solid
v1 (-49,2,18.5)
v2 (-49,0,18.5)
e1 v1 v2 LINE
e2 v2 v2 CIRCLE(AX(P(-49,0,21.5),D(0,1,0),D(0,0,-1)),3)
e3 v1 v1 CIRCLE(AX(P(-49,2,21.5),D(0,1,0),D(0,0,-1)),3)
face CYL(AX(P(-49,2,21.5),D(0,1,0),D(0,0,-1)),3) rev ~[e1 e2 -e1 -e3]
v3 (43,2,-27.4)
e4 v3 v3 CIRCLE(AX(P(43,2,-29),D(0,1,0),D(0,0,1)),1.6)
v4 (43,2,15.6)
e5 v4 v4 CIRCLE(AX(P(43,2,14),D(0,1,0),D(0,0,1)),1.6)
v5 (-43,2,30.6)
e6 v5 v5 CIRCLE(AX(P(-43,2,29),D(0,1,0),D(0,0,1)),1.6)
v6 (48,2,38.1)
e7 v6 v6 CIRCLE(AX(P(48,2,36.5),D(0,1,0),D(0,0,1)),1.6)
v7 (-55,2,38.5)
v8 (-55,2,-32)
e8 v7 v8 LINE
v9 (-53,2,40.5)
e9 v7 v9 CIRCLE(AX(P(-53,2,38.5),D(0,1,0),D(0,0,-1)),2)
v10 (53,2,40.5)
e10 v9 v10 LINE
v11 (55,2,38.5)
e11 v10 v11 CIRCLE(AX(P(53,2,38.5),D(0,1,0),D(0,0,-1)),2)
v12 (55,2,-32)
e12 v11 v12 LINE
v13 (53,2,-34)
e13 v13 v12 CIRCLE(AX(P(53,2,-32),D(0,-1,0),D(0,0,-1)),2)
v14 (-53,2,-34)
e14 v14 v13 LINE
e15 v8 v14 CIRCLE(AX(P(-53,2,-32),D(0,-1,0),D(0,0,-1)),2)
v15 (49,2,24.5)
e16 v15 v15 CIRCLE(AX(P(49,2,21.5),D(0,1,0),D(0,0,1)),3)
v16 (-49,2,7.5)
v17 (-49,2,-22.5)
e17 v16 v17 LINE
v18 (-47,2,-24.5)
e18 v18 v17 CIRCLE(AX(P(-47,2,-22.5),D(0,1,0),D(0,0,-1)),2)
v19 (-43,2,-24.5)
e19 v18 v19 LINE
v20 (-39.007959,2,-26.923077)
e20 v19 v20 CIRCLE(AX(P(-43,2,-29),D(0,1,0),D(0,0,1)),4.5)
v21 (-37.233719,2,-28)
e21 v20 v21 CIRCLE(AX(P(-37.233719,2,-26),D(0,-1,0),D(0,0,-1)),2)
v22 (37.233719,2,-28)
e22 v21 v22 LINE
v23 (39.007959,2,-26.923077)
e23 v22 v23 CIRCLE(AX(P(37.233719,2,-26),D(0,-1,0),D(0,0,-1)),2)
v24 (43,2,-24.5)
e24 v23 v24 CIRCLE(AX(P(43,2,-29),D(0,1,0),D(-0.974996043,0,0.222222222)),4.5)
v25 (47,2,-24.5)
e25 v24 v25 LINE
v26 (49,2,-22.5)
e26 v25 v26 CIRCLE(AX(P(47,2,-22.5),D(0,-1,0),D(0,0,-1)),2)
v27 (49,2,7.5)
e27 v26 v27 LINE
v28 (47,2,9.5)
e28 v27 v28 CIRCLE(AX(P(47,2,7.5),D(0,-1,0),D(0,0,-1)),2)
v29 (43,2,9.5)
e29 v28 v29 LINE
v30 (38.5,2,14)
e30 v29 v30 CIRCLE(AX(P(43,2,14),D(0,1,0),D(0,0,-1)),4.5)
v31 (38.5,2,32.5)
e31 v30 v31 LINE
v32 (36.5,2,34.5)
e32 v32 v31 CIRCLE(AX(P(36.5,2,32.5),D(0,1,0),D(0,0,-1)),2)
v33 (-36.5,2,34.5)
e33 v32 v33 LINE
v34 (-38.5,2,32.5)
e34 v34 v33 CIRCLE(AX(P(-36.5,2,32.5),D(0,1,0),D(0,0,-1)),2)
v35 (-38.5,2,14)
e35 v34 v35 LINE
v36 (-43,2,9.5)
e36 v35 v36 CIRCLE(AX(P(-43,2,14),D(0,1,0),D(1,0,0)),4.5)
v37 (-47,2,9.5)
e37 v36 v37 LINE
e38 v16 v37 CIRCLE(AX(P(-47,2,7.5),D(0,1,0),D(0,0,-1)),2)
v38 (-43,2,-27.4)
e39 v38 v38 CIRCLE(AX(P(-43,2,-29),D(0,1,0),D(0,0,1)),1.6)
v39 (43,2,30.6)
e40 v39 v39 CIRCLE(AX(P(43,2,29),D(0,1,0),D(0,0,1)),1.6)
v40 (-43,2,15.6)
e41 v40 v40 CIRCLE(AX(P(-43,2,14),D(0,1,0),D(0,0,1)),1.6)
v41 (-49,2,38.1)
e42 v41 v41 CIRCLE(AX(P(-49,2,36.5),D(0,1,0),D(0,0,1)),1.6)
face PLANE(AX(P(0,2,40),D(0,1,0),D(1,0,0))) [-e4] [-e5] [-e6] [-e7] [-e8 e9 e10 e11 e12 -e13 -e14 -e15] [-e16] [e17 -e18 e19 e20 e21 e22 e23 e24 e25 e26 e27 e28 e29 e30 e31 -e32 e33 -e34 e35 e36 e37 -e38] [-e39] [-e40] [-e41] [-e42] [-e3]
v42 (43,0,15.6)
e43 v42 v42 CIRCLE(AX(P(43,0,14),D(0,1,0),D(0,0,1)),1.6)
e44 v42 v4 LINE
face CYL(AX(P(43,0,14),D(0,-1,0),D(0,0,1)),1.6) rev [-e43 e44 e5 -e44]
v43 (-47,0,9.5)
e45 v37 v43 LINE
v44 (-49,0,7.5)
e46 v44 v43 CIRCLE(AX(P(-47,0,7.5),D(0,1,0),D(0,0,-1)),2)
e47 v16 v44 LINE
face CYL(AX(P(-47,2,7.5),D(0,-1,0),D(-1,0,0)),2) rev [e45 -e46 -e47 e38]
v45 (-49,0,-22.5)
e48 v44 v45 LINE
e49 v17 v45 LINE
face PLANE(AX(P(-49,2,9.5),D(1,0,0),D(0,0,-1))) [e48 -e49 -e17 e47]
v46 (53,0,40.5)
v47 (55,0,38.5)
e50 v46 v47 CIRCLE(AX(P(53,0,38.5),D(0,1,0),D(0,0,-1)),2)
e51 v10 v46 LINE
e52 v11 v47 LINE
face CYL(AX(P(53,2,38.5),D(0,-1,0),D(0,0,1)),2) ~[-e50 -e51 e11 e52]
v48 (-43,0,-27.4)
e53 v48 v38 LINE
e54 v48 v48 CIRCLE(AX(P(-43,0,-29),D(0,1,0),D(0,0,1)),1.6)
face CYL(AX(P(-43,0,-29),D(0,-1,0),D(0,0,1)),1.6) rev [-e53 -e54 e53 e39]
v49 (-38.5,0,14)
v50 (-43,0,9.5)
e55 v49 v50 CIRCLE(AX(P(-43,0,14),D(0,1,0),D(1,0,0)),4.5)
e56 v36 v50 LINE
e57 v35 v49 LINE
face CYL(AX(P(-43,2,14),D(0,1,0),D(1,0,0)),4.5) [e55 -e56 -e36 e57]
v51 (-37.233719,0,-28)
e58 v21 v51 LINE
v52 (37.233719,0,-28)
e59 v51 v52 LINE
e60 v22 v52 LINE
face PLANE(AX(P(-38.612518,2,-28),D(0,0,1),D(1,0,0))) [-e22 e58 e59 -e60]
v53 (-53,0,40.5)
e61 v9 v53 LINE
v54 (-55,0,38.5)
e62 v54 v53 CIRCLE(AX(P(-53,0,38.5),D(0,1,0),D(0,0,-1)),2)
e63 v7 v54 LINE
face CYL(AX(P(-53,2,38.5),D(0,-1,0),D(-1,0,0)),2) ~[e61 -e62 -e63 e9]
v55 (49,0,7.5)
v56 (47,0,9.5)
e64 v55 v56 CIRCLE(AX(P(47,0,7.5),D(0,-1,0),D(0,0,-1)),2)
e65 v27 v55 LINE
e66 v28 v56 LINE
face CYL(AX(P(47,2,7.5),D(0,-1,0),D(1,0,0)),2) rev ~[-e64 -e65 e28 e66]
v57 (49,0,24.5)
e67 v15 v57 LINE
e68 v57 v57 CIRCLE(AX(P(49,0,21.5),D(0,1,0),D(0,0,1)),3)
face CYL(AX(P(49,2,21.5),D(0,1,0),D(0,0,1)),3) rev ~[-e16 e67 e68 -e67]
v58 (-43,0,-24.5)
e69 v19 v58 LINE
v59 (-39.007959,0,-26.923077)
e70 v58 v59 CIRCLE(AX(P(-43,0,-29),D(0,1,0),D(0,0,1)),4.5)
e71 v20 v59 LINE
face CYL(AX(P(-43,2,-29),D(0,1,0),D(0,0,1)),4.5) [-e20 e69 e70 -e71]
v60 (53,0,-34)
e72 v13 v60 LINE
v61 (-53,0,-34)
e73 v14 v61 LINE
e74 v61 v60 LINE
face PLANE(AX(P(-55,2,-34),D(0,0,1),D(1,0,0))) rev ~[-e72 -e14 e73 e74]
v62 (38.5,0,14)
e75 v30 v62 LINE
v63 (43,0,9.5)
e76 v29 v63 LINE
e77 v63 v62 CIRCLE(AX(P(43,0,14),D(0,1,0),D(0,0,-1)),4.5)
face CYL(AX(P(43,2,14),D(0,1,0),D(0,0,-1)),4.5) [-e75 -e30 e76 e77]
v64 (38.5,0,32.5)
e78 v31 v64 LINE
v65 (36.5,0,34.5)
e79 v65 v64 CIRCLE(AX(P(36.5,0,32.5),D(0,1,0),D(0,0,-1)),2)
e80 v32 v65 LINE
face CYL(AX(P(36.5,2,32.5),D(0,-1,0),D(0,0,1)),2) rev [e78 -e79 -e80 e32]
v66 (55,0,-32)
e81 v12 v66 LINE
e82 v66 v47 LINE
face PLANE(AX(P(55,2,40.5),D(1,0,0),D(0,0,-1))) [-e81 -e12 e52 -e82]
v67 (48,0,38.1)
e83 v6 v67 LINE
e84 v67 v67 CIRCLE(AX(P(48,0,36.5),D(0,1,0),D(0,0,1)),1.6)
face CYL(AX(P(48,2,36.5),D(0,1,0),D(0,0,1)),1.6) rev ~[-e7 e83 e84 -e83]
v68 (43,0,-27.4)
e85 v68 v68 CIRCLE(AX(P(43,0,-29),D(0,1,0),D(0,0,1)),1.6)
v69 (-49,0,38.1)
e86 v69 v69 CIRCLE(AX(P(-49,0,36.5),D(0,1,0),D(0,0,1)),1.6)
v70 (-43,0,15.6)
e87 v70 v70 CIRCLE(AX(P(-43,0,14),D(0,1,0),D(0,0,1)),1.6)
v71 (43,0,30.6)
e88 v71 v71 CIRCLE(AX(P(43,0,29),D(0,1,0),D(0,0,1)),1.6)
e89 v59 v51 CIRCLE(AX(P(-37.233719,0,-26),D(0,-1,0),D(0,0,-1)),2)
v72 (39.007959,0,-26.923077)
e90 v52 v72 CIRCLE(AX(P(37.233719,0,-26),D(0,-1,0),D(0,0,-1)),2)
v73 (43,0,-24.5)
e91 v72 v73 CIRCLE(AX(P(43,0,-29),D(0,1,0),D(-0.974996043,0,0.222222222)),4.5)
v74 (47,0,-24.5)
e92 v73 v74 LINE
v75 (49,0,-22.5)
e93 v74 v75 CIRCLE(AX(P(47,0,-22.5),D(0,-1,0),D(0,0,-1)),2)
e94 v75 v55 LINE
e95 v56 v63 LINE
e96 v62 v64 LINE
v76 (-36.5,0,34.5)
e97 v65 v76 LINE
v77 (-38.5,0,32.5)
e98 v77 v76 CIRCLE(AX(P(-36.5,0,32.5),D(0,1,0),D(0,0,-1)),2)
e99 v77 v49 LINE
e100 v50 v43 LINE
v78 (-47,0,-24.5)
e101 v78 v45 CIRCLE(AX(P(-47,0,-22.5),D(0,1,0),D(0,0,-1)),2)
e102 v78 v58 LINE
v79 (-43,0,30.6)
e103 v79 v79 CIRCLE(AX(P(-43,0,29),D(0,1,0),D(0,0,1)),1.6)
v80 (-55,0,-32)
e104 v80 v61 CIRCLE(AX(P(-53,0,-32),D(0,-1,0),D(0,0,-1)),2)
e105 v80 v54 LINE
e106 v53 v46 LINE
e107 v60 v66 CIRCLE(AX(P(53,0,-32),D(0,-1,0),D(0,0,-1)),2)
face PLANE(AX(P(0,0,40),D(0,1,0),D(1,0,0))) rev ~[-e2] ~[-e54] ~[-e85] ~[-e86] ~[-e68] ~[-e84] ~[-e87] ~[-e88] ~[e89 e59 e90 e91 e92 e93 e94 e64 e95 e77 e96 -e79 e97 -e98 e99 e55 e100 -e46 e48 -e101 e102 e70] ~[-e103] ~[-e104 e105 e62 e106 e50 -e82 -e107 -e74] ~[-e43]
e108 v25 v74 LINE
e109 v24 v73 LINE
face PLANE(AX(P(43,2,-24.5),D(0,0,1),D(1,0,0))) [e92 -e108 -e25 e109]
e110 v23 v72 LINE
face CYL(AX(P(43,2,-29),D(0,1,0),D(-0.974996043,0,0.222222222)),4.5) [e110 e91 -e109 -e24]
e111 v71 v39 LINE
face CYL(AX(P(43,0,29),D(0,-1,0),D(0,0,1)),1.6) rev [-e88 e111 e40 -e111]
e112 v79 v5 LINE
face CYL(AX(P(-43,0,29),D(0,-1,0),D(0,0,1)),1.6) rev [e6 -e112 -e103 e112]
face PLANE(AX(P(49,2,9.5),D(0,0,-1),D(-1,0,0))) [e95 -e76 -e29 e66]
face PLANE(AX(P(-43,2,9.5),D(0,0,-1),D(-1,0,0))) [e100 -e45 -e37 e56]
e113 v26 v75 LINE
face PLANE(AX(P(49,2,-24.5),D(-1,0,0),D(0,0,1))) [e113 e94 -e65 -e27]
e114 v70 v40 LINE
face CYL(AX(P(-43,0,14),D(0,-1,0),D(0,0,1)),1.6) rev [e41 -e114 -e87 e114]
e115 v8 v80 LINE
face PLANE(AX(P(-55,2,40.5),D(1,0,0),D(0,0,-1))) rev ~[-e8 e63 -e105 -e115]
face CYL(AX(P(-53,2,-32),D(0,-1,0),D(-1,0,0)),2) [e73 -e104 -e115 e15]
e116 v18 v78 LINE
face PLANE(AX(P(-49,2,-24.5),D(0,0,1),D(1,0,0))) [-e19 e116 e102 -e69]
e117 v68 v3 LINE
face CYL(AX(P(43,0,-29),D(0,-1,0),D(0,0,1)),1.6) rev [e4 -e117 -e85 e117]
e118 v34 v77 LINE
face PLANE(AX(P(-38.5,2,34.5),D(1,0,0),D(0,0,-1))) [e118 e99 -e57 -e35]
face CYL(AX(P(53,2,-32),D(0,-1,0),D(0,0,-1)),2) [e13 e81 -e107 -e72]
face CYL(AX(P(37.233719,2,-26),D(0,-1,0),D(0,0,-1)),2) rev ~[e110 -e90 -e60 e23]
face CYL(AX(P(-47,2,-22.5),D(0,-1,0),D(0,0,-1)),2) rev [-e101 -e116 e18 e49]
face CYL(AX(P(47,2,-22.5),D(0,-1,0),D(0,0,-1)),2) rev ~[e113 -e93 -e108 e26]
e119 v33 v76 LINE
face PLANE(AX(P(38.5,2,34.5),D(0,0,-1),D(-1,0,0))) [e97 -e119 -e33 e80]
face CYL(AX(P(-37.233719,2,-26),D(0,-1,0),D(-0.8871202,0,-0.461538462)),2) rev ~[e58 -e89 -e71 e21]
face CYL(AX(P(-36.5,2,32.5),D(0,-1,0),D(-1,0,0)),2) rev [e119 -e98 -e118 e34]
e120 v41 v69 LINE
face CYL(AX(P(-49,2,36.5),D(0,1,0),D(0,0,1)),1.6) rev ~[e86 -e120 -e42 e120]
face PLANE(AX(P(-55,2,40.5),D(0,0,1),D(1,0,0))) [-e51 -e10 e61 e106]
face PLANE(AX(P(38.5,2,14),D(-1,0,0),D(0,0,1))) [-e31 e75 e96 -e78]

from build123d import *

# Parameters (mm, degrees)
SKETCH_1_W          = 110
SKETCH_1_H          = 79
SKETCH_1_R          = 1.6
EXTRUDE_1_DEPTH     = 2
SKETCH_3_W          = 110
SKETCH_3_H          = 1
EXTRUDE_2_DEPTH     = 2
SKETCH_4_R          = 1.6
CUT_EXTRUDE_2_DEPTH = 2
SKETCH_6_W          = 110
SKETCH_6_H          = 5.5
CUT_EXTRUDE_4_DEPTH = 2
SKETCH_7_R          = 3
CUT_EXTRUDE_5_DEPTH = 2
FILLET_2_R          = 2


with BuildPart() as part:
    # 草图1 → 凸台-拉伸1 (new body)
    with BuildSketch(Plane(origin=(0, 0, 0), x_dir=(1, 0, 0), z_dir=(0, 1, 0))):
        Rectangle(SKETCH_1_W, SKETCH_1_H)
        with Locations(Location((43, -29, 0), (0, 0, 270))):
            Circle(SKETCH_1_R, mode=Mode.SUBTRACT)
        with Locations(Location((-43, -29, 0), (0, 0, 270))):
            Circle(SKETCH_1_R, mode=Mode.SUBTRACT)
        with Locations(Location((-43, 29, 0), (0, 0, 270))):
            Circle(SKETCH_1_R, mode=Mode.SUBTRACT)
        with Locations(Location((43, 29, 0), (0, 0, 270))):
            Circle(SKETCH_1_R, mode=Mode.SUBTRACT)
        with Locations(Location((43, -14, 0), (0, 0, 270))):
            Circle(SKETCH_1_R, mode=Mode.SUBTRACT)
        with Locations(Location((-43, -14, 0), (0, 0, 270))):
            Circle(SKETCH_1_R, mode=Mode.SUBTRACT)
    extrude(amount=EXTRUDE_1_DEPTH)

    # 草图3 → 凸台-拉伸2 (add)
    with BuildSketch(Plane(origin=(0, 2, 0), x_dir=(1, 0, 0), z_dir=(0, 1, 0))):
        with Locations((0, -40)):
            Rectangle(SKETCH_3_W, SKETCH_3_H)
    extrude(amount=-EXTRUDE_2_DEPTH)

    # 草图4 → 切除-拉伸2 (cut)
    with BuildSketch(Plane(origin=(0, 2, 0), x_dir=(1, 0, 0), z_dir=(0, 1, 0))):
        with Locations(Location((48, -36.5, 0), (0, 0, 270))):
            Circle(SKETCH_4_R)
        with Locations(Location((-49, -36.5, 0), (0, 0, 270))):
            Circle(SKETCH_4_R)
    extrude(amount=-CUT_EXTRUDE_2_DEPTH, mode=Mode.SUBTRACT)

    # 草图6 → 切除-拉伸4 (cut)
    with BuildSketch(Plane(origin=(0, 2, 0), x_dir=(1, 0, 0), z_dir=(0, 1, 0))):
        with Locations((0, 36.75)):
            Rectangle(SKETCH_6_W, SKETCH_6_H)
        with BuildLine():
            Line((-38.612517806, 28), (38.612517806, 28))
            ThreePointArc((38.612517806, 28), (40.19375696, 25.48218818), (43, 24.5))
            Line((43, 24.5), (49, 24.5))
            Line((49, 24.5), (49, -9.5))
            Line((49, -9.5), (43, -9.5))
            ThreePointArc((43, -9.5), (39.818019485, -10.818019485), (38.5, -14))
            Line((38.5, -14), (38.5, -34.5))
            Line((38.5, -34.5), (-38.5, -34.5))
            Line((-38.5, -34.5), (-38.5, -14))
            ThreePointArc((-38.5, -14), (-39.818019485, -10.818019485), (-43, -9.5))
            Line((-43, -9.5), (-49, -9.5))
            Line((-49, -9.5), (-49, 24.5))
            Line((-49, 24.5), (-43, 24.5))
            ThreePointArc((-43, 24.5), (-40.19375696, 25.48218818), (-38.612517806, 28))
        make_face()
    extrude(amount=-CUT_EXTRUDE_4_DEPTH, mode=Mode.SUBTRACT)

    # 草图7 → 切除-拉伸5 (cut)
    with BuildSketch(Plane(origin=(0, 2, 0), x_dir=(1, 0, 0), z_dir=(0, 1, 0))):
        with Locations(Location((49, -21.5, 0), (0, 0, 270))):
            Circle(SKETCH_7_R)
        with Locations(Location((-49, -21.5, 0), (0, 0, 90))):
            Circle(SKETCH_7_R)
    extrude(amount=-CUT_EXTRUDE_5_DEPTH, mode=Mode.SUBTRACT)

    # 圆角2
    fillet_2_edges = [part.edges().sort_by_distance(p)[0] for p in [
        (-55, 1, 40.5),
        (55, 1, 40.5),
        (38.5, 1, 34.5),
        (-38.5, 1, 34.5),
        (-49, 1, 9.5),
        (-49, 1, -24.5),
        (-38.612517806, 1, -28),
        (38.612517806, 1, -28),
        (49, 1, -24.5),
        (49, 1, 9.5),
        (-55, 1, -34),
        (55, 1, -34),
    ]]
    fillet(fillet_2_edges, radius=FILLET_2_R)


solid = part.part
